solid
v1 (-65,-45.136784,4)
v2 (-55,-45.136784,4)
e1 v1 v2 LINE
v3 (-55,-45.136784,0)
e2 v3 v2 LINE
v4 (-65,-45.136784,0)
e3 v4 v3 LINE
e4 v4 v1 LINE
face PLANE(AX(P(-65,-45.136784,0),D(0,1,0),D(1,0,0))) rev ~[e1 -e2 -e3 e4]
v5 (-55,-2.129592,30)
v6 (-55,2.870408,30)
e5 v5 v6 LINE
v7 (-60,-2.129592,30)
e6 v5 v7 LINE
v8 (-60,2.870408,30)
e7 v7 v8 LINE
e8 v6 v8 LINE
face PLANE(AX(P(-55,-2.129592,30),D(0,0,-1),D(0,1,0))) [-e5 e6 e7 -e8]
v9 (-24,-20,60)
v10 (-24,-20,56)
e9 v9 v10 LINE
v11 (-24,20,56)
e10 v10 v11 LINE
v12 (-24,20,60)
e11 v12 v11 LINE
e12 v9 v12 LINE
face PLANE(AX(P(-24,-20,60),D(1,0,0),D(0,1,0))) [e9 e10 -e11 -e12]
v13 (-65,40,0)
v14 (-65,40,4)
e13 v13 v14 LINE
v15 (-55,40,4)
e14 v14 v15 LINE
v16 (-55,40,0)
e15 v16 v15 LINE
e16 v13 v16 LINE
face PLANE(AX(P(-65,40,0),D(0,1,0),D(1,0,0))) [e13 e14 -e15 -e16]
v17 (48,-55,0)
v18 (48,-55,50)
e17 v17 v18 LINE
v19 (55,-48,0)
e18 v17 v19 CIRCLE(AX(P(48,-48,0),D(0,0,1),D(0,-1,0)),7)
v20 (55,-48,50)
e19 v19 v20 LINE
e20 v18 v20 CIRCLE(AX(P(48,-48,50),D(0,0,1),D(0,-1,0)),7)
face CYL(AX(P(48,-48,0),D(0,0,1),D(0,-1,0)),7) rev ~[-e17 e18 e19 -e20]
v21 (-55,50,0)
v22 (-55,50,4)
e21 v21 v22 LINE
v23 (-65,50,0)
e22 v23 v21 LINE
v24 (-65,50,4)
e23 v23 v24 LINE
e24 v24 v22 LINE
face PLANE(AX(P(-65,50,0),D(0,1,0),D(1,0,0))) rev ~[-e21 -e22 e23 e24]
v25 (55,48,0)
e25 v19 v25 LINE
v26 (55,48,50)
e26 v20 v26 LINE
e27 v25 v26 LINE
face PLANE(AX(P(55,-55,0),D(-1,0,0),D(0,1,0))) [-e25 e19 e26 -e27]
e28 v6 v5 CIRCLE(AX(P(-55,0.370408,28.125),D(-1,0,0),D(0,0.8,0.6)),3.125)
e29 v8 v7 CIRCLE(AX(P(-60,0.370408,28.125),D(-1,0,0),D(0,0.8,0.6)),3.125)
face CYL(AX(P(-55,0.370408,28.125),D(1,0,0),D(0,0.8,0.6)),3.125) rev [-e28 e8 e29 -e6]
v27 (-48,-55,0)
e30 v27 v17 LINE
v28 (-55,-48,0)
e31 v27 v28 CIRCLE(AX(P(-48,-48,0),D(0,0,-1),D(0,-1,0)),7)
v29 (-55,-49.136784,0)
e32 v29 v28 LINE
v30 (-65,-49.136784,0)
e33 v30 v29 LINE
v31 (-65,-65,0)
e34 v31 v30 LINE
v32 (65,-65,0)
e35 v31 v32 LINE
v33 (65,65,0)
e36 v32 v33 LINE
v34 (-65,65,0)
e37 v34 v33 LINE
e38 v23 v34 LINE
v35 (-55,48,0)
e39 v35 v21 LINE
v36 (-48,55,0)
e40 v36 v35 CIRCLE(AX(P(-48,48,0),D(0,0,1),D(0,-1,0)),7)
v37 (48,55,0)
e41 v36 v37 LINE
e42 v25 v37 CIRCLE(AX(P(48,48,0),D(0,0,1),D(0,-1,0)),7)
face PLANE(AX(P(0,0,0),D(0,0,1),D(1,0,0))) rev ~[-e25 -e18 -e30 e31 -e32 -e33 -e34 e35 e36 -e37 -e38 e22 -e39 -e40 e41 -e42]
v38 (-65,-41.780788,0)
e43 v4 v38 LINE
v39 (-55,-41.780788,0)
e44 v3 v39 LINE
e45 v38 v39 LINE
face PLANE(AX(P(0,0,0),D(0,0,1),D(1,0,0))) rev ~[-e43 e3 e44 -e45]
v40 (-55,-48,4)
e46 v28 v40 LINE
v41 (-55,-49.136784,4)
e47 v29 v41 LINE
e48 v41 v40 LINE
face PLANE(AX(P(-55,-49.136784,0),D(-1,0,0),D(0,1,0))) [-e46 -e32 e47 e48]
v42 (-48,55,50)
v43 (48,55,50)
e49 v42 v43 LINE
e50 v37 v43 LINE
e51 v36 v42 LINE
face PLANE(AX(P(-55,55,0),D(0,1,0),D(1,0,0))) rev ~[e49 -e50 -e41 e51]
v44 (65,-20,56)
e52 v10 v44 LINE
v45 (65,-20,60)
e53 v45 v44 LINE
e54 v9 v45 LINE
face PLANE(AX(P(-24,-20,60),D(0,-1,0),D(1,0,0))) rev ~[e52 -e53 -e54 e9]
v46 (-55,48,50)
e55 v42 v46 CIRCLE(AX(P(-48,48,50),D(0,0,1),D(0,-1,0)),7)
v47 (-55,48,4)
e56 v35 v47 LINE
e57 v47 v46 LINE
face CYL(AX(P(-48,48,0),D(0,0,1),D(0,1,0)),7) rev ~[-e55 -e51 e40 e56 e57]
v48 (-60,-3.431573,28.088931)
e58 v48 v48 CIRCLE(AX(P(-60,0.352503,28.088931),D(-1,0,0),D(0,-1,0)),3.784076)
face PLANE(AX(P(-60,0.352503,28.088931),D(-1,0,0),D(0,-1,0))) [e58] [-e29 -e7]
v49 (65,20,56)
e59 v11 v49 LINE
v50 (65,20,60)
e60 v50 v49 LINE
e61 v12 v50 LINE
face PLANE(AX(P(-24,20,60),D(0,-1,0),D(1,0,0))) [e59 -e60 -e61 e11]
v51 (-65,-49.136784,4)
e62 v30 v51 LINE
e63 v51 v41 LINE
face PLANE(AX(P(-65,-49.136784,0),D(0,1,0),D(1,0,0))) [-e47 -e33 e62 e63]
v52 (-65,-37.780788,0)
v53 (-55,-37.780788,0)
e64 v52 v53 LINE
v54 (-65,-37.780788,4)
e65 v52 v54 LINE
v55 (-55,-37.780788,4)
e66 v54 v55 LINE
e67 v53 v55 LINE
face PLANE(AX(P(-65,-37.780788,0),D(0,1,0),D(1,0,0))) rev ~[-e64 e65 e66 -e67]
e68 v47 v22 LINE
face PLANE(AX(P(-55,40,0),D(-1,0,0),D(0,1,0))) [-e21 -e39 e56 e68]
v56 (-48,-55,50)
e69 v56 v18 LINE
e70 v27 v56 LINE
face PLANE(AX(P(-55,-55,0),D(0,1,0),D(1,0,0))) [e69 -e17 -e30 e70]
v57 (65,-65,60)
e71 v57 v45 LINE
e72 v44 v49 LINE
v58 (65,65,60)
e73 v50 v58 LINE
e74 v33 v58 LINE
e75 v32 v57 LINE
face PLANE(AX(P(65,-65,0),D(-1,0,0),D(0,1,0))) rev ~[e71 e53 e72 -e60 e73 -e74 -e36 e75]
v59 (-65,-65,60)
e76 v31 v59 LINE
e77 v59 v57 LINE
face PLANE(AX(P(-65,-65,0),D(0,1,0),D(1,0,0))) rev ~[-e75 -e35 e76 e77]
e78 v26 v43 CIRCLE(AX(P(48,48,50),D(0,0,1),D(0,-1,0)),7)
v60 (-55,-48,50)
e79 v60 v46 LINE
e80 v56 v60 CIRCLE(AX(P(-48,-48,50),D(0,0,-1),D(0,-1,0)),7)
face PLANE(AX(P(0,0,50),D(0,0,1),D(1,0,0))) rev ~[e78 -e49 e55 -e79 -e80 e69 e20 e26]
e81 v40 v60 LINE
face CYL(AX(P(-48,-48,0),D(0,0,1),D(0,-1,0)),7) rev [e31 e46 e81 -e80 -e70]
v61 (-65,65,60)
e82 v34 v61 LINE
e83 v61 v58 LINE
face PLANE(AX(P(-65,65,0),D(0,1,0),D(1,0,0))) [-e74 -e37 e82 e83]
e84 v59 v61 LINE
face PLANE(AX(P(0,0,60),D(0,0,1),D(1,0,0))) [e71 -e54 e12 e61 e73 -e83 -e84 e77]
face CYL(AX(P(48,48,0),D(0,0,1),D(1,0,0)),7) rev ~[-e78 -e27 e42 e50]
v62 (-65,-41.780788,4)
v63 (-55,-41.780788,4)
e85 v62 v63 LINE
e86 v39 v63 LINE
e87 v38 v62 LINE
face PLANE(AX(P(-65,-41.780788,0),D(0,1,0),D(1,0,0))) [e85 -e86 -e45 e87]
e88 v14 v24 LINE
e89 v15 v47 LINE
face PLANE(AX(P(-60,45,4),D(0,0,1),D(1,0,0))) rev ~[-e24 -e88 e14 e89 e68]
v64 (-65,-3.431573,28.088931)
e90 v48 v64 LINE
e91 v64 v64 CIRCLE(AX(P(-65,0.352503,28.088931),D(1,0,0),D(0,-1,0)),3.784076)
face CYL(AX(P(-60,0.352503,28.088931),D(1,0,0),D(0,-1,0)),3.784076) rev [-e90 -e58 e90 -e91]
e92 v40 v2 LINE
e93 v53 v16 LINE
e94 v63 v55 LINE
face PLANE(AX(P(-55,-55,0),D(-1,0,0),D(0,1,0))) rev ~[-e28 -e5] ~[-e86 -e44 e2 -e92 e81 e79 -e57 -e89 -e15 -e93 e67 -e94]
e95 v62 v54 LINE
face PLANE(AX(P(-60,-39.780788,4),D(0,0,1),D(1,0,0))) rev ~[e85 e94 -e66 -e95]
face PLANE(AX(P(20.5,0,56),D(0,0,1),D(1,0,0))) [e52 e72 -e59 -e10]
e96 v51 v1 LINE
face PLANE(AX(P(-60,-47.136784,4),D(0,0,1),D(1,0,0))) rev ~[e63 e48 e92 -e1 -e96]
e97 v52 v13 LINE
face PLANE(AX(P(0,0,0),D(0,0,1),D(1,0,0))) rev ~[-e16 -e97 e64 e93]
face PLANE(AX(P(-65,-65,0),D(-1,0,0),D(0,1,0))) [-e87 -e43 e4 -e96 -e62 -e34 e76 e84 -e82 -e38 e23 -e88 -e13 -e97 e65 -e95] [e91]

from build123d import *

# Parameters (mm, degrees)
F0_W      = 130
F0_H      = 130
F1_DEPTH  = 60
F2_W      = 110
F2_H      = 110
F3_DEPTH  = 50
F4_W      = 89
F4_H      = 40
F5_DEPTH  = 4
F6_R      = 7
F7_W      = 10
F7_H      = 4
F8_DEPTH  = 4
F9_W      = 10
F9_H      = 4
F10_DEPTH = 4
F11_W     = 10
F11_H     = 10
F12_DEPTH = 4
F15_DEPTH = 5
F17_R     = 3.7840755507
F18_DEPTH = 10


with BuildPart() as f1:
    # F0 (on Top) → F1 (new body)
    with BuildSketch(Plane.XY):
        Rectangle(F0_W, F0_H)
    extrude(amount=F1_DEPTH)

    # F2 (on Top) → F3 (cut)
    with BuildSketch(Plane.XY):
        Rectangle(F2_W, F2_H)
    extrude(amount=F3_DEPTH, mode=Mode.SUBTRACT)

    # F4 (on face) → F5 (cut)
    with BuildSketch(Plane.XY.offset(60)):
        with Locations((20.5, 0)):
            Rectangle(F4_W, F4_H)
    extrude(amount=-F5_DEPTH, mode=Mode.SUBTRACT)

    # F6
    f6_edges = [f1.edges().sort_by_distance(p)[0] for p in [
        (55, -55, 25),
        (55, 55, 25),
        (-55, 55, 25),
        (-55, -55, 25),
    ]]
    fillet(f6_edges, radius=F6_R)

    # F7 (on face) → F8 (cut)
    with BuildSketch(Plane.XY):
        with Locations((-60, -39.7807884514)):
            Rectangle(F7_W, F7_H)
    extrude(amount=F8_DEPTH, mode=Mode.SUBTRACT)

    # F9 (on face) → F10 (cut)
    with BuildSketch(Plane.XY):
        with Locations((-60, -47.1367839277)):
            Rectangle(F9_W, F9_H)
    extrude(amount=F10_DEPTH, mode=Mode.SUBTRACT)

    # F11 (on face) → F12 (cut)
    with BuildSketch(Plane.XY):
        with Locations((-60, 45)):
            Rectangle(F11_W, F11_H)
    extrude(amount=F12_DEPTH, mode=Mode.SUBTRACT)

    # F14 (on offset) → F15 (cut)
    with BuildSketch(Plane(origin=(-55, 0, 0), x_dir=(0, -1, 0), z_dir=(-1, 0, 0))):
        with BuildLine():
            ThreePointArc((-2.8704081755, 30), (-0.3704081755, 25), (2.1295918245, 30))
            Line((2.1295918245, 30), (-2.8704081755, 30))
        make_face()
    extrude(amount=F15_DEPTH, mode=Mode.SUBTRACT)

    # F17 (on offset) → F18 (cut)
    with BuildSketch(Plane(origin=(-60, 0, 0), x_dir=(0, -1, 0), z_dir=(-1, 0, 0))):
        with Locations((-0.3525029916, 28.0889305786)):
            Circle(F17_R)
    extrude(amount=F18_DEPTH, mode=Mode.SUBTRACT)


solid = f1.part
